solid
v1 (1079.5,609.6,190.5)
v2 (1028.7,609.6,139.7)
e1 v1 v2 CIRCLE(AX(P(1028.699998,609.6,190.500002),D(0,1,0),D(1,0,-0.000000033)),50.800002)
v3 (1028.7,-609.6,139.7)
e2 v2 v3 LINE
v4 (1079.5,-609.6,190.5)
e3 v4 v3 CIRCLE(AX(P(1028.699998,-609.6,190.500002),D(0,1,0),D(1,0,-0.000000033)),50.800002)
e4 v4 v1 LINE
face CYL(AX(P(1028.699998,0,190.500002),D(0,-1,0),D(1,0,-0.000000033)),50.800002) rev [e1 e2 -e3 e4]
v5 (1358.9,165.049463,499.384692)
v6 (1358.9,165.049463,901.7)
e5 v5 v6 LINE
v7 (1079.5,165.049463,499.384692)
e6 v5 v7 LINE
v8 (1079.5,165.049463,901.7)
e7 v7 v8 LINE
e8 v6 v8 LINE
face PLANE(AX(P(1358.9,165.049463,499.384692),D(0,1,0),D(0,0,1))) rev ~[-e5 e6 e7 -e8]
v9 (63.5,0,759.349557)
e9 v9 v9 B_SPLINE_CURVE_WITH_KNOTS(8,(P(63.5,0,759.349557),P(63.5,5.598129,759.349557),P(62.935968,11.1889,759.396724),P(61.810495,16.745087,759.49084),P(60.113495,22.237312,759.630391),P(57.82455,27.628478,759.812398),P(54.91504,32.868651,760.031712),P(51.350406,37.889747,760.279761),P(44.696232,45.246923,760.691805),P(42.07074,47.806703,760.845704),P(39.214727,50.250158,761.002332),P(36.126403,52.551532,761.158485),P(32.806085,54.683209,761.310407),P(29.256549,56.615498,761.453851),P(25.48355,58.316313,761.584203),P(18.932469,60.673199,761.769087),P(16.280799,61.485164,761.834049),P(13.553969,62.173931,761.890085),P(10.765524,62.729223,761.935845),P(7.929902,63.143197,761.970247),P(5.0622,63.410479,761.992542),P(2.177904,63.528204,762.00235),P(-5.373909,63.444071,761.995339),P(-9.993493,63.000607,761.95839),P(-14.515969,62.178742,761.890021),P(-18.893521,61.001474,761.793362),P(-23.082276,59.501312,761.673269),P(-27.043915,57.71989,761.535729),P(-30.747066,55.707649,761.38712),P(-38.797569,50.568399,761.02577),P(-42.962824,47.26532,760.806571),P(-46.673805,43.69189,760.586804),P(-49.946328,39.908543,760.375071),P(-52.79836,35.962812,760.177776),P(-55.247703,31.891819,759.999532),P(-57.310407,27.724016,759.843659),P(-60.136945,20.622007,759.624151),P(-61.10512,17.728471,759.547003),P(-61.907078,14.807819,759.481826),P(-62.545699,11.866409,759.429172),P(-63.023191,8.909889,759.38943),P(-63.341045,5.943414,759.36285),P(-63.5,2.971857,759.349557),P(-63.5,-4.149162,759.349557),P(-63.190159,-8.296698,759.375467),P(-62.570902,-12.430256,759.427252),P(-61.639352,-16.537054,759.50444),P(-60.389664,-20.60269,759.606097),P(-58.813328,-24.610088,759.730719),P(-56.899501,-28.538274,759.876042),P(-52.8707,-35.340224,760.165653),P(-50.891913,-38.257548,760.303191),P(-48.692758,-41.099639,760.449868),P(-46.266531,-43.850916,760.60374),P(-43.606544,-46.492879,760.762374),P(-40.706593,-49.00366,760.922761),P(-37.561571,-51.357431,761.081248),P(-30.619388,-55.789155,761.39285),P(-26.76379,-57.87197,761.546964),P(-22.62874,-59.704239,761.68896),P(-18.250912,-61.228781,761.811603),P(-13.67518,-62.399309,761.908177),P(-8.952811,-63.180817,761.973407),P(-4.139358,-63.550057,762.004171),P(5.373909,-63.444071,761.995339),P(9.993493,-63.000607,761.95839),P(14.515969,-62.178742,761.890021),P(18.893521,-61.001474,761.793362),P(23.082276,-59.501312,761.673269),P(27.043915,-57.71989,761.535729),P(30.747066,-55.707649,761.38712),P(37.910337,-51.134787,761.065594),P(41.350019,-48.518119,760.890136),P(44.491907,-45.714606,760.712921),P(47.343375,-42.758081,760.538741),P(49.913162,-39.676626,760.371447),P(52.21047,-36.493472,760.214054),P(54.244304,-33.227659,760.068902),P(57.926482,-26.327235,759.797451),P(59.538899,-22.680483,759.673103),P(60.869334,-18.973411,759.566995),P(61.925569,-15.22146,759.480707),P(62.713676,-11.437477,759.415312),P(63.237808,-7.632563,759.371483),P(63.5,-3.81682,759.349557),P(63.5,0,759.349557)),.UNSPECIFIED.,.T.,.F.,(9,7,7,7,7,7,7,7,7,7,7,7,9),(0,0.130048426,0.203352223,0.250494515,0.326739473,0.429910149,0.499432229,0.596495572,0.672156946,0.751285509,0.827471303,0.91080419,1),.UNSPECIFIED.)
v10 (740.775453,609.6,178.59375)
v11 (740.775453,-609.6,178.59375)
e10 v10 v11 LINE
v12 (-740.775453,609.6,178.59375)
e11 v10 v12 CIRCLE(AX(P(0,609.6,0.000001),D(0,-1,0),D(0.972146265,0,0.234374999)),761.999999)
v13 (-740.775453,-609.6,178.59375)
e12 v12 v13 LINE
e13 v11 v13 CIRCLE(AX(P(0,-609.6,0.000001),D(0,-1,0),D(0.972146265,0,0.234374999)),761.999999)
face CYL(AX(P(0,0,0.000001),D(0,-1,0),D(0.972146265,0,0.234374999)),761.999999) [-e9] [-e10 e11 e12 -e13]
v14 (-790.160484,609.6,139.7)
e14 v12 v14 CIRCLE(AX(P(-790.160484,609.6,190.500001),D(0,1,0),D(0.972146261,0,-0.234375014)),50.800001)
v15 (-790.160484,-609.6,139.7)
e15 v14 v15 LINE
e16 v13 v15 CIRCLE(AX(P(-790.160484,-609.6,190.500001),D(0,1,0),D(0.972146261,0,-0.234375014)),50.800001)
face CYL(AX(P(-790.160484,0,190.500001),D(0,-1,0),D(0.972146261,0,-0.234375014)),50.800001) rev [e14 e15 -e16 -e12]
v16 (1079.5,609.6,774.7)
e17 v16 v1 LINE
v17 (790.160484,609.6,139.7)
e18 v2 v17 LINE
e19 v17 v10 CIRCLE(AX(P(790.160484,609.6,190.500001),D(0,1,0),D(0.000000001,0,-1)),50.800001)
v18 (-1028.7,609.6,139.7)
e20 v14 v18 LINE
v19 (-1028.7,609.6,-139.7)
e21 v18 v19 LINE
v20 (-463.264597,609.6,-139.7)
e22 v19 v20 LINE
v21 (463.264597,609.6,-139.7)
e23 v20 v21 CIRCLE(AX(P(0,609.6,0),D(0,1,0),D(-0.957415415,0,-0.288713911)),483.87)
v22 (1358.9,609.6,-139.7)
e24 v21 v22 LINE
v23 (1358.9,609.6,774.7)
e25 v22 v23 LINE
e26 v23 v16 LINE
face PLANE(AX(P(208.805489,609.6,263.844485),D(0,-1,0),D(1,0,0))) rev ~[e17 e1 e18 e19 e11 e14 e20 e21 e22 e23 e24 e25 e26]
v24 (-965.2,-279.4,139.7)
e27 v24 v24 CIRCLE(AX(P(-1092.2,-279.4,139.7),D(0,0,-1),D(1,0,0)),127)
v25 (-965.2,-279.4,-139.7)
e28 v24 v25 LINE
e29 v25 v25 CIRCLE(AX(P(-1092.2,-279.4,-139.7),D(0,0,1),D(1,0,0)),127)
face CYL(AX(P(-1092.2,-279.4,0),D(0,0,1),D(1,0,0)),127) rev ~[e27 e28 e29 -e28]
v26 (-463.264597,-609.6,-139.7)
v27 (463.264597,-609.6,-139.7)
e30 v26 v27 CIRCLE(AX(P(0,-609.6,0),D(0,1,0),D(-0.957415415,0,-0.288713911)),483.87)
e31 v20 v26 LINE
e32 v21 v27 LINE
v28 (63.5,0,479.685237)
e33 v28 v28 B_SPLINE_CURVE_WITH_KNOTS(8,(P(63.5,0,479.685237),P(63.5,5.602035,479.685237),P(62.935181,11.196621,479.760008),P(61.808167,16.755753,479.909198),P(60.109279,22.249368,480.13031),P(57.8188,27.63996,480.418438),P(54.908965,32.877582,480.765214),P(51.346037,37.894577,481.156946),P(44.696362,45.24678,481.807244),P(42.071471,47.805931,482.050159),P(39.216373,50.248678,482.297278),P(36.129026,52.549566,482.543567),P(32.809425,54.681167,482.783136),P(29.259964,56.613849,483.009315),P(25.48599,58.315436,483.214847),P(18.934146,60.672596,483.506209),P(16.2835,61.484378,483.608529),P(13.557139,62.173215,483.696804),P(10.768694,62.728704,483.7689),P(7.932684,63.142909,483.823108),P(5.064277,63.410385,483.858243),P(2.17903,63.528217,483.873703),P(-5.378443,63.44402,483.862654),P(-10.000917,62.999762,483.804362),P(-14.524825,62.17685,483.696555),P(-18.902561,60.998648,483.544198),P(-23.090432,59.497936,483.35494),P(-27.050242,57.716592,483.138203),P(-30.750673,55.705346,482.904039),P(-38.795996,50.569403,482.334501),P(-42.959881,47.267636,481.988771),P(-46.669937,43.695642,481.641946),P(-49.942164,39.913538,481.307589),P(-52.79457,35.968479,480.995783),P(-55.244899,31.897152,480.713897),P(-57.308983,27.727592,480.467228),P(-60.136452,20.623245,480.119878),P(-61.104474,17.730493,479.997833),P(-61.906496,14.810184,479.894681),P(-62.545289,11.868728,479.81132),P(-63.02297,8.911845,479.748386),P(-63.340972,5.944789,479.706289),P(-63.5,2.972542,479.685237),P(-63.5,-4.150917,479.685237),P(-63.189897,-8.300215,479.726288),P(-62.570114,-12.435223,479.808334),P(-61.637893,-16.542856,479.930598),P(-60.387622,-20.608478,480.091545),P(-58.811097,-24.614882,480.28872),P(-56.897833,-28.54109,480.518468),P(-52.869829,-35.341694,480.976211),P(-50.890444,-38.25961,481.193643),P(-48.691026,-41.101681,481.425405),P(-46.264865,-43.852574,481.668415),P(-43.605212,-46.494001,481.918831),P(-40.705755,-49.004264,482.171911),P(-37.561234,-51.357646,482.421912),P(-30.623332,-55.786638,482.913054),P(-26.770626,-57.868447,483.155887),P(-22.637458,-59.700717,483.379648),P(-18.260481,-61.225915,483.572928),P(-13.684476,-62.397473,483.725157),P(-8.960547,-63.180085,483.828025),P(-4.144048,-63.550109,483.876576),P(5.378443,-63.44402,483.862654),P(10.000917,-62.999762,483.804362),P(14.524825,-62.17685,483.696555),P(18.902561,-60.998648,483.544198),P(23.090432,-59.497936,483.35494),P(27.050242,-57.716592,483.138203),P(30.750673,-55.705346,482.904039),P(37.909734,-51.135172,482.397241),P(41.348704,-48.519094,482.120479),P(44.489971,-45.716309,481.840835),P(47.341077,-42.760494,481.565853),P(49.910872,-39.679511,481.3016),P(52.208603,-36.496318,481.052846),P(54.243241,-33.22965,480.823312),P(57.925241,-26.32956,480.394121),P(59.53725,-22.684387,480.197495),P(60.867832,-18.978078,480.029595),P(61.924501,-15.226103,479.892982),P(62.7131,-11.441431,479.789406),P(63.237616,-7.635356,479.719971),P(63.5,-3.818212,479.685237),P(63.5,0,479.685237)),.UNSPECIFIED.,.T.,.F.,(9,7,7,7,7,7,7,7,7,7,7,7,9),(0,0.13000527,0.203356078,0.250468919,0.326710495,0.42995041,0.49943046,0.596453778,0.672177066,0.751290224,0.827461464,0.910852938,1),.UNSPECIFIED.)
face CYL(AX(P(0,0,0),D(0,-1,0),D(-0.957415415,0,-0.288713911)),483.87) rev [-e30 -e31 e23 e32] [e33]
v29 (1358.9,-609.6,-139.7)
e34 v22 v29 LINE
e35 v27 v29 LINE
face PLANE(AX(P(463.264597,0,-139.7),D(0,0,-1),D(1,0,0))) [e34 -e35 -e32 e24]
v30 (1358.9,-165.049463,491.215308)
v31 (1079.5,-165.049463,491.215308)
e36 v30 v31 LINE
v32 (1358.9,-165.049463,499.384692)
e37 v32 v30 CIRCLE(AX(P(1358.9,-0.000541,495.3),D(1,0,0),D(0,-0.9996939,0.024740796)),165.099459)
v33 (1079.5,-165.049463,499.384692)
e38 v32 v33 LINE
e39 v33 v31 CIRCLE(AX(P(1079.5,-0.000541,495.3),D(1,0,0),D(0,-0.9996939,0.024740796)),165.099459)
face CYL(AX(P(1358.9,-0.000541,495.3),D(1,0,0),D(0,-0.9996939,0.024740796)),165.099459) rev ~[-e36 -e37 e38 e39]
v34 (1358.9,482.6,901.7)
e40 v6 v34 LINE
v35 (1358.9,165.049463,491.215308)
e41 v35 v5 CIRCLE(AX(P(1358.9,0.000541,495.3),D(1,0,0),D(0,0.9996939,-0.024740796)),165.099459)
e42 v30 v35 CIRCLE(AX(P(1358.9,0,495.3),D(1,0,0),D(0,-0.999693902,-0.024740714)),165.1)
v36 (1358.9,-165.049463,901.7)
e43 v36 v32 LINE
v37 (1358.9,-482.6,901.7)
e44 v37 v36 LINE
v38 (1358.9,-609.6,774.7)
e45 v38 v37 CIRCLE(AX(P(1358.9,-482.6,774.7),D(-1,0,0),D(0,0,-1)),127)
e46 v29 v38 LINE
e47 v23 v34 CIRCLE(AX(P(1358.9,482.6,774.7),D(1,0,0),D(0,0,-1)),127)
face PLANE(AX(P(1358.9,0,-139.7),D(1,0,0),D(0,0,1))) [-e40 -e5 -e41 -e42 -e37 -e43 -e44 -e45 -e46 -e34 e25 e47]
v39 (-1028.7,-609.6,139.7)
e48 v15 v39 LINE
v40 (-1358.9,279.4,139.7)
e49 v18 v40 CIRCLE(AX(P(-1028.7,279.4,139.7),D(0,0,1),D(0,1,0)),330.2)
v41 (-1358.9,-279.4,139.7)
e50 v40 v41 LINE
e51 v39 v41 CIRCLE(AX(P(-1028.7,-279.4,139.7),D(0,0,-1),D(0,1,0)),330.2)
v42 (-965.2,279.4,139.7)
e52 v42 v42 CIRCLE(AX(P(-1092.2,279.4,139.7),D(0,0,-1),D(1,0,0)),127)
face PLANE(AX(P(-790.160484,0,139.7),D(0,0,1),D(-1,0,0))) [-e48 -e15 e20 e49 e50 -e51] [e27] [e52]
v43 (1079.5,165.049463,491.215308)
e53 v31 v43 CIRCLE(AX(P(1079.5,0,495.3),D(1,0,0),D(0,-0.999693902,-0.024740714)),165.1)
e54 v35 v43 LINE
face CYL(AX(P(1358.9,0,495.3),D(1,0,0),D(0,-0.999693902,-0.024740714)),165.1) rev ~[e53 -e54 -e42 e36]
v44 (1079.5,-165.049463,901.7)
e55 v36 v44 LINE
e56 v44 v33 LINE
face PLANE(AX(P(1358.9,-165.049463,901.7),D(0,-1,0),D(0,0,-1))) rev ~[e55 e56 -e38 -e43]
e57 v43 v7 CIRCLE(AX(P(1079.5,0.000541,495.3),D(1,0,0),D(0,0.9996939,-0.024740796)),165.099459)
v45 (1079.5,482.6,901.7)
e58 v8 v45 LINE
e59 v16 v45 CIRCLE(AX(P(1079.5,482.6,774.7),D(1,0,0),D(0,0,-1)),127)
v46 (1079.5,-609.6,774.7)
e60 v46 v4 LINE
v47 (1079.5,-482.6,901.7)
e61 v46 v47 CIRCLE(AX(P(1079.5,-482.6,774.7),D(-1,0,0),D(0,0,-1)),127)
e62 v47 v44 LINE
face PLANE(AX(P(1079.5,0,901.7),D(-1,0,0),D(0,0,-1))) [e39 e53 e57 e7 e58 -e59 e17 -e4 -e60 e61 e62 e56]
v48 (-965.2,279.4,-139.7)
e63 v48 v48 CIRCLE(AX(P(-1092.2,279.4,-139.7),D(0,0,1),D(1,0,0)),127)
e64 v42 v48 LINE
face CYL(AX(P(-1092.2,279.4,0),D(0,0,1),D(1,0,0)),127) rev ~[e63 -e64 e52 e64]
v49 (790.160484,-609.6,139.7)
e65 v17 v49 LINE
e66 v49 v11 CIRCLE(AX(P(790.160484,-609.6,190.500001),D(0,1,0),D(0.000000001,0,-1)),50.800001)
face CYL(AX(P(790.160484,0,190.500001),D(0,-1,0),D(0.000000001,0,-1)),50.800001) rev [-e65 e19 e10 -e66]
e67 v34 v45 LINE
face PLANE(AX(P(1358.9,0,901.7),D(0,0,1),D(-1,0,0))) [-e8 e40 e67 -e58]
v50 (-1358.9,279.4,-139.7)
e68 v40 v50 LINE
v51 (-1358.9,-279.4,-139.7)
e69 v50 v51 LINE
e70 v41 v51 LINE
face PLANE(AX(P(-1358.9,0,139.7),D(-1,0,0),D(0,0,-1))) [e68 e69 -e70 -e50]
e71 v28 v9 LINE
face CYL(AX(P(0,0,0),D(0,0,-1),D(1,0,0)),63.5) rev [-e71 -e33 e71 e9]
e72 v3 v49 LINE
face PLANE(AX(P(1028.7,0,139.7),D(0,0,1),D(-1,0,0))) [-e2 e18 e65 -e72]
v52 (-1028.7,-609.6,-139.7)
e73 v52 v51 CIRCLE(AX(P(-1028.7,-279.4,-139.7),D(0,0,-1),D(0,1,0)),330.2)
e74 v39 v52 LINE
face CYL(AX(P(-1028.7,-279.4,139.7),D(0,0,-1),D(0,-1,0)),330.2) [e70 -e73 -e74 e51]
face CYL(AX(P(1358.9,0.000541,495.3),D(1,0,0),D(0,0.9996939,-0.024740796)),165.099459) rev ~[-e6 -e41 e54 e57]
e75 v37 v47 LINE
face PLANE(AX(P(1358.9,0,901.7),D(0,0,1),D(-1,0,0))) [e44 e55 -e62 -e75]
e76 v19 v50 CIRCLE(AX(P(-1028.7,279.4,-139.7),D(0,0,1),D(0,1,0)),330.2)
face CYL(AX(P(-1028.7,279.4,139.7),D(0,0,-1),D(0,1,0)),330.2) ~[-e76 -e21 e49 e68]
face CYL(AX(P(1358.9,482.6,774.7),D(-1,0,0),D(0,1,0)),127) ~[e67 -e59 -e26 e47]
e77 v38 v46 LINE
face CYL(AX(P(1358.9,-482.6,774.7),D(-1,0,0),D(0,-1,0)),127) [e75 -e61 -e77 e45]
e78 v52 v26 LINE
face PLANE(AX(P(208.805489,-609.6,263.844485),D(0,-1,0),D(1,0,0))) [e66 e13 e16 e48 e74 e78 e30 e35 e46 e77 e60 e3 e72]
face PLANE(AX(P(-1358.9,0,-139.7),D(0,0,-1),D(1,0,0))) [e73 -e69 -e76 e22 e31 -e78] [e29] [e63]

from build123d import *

# Parameters (mm, degrees)
F1_DEPTH      = 609.6
F2_R          = 63.5
F2_R_2        = 127
F3_DEPTH      = 901.701
F3_DEPTH_BACK = 139.701
F5_DEPTH      = 279.4
F6_R          = 127
F7_R          = 330.2


with BuildPart() as f1:
    # F0 (on Front) → F1 (new body, symmetric)
    with BuildSketch(Plane.XZ):
        with BuildLine():
            ThreePointArc((1079.5, 190.5), (1064.621024, 154.578976), (1028.7, 139.7))
            Line((1028.7, 139.7), (790.160484, 139.7))
            ThreePointArc((790.160484, 139.7), (758.729587, 150.590869), (740.775453, 178.59375))
            ThreePointArc((740.775453, 178.59375), (0, 762), (-740.775453, 178.59375))
            ThreePointArc((-740.775453, 178.59375), (-758.729587, 150.590869), (-790.160484, 139.7))
            Line((-790.160484, 139.7), (-1358.9, 139.7))
            Line((-1358.9, 139.7), (-1358.9, -139.7))
            Line((-1358.9, -139.7), (-463.264597, -139.7))
            ThreePointArc((-463.264597, -139.7), (0, 483.87), (463.264597, -139.7))
            Line((463.264597, -139.7), (1358.9, -139.7))
            Line((1358.9, -139.7), (1358.9, 901.7))
            Line((1358.9, 901.7), (1079.5, 901.7))
            Line((1079.5, 901.7), (1079.5, 190.5))
        make_face()
    extrude(amount=F1_DEPTH, both=True)

    # F2 (on Top) → F3 (cut, two sides)
    with BuildSketch(Plane.XY) as f3_sk:
        Circle(F2_R)
        with Locations((-1092.2, 279.4)):
            Circle(F2_R_2)
        with Locations((-1092.2, -279.4)):
            Circle(F2_R_2)
    extrude(amount=F3_DEPTH, mode=Mode.SUBTRACT)
    extrude(f3_sk.sketch, amount=-F3_DEPTH_BACK, mode=Mode.SUBTRACT)

    # F4 (on face) → F5 (cut, through all)
    with BuildSketch(Plane.YZ.offset(1358.9)):
        with BuildLine():
            Line((-165.049463, 491.215308), (-165.049463, 499.384692))
            ThreePointArc((-165.049463, 499.384692), (-165.1, 495.3), (-165.049463, 491.215308))
        make_face()
        with BuildLine():
            Line((-165.049463, 901.7), (-165.049463, 499.384692))
            Line((-165.049463, 499.384692), (-165.049463, 491.215308))
            ThreePointArc((-165.049463, 491.215308), (0, 330.2), (165.049463, 491.215308))
            Line((165.049463, 491.215308), (165.049463, 499.384692))
            Line((165.049463, 499.384692), (165.049463, 901.7))
            Line((165.049463, 901.7), (-165.049463, 901.7))
        make_face()
        with BuildLine():
            Line((165.049463, 499.384692), (165.049463, 491.215308))
            ThreePointArc((165.049463, 491.215308), (165.1, 495.3), (165.049463, 499.384692))
        make_face()
    extrude(amount=-F5_DEPTH, mode=Mode.SUBTRACT)

    # F6
    f6_edges = [f1.edges().sort_by_distance(p)[0] for p in [
        (1219.2, 609.6, 901.7),
        (1219.2, -609.6, 901.7),
    ]]
    fillet(f6_edges, radius=F6_R)

    # F7
    f7_edges = [f1.edges().sort_by_distance(p)[0] for p in [
        (-1358.9, 609.6, 0),
        (-1358.9, -609.6, 0),
    ]]
    fillet(f7_edges, radius=F7_R)


solid = f1.part
